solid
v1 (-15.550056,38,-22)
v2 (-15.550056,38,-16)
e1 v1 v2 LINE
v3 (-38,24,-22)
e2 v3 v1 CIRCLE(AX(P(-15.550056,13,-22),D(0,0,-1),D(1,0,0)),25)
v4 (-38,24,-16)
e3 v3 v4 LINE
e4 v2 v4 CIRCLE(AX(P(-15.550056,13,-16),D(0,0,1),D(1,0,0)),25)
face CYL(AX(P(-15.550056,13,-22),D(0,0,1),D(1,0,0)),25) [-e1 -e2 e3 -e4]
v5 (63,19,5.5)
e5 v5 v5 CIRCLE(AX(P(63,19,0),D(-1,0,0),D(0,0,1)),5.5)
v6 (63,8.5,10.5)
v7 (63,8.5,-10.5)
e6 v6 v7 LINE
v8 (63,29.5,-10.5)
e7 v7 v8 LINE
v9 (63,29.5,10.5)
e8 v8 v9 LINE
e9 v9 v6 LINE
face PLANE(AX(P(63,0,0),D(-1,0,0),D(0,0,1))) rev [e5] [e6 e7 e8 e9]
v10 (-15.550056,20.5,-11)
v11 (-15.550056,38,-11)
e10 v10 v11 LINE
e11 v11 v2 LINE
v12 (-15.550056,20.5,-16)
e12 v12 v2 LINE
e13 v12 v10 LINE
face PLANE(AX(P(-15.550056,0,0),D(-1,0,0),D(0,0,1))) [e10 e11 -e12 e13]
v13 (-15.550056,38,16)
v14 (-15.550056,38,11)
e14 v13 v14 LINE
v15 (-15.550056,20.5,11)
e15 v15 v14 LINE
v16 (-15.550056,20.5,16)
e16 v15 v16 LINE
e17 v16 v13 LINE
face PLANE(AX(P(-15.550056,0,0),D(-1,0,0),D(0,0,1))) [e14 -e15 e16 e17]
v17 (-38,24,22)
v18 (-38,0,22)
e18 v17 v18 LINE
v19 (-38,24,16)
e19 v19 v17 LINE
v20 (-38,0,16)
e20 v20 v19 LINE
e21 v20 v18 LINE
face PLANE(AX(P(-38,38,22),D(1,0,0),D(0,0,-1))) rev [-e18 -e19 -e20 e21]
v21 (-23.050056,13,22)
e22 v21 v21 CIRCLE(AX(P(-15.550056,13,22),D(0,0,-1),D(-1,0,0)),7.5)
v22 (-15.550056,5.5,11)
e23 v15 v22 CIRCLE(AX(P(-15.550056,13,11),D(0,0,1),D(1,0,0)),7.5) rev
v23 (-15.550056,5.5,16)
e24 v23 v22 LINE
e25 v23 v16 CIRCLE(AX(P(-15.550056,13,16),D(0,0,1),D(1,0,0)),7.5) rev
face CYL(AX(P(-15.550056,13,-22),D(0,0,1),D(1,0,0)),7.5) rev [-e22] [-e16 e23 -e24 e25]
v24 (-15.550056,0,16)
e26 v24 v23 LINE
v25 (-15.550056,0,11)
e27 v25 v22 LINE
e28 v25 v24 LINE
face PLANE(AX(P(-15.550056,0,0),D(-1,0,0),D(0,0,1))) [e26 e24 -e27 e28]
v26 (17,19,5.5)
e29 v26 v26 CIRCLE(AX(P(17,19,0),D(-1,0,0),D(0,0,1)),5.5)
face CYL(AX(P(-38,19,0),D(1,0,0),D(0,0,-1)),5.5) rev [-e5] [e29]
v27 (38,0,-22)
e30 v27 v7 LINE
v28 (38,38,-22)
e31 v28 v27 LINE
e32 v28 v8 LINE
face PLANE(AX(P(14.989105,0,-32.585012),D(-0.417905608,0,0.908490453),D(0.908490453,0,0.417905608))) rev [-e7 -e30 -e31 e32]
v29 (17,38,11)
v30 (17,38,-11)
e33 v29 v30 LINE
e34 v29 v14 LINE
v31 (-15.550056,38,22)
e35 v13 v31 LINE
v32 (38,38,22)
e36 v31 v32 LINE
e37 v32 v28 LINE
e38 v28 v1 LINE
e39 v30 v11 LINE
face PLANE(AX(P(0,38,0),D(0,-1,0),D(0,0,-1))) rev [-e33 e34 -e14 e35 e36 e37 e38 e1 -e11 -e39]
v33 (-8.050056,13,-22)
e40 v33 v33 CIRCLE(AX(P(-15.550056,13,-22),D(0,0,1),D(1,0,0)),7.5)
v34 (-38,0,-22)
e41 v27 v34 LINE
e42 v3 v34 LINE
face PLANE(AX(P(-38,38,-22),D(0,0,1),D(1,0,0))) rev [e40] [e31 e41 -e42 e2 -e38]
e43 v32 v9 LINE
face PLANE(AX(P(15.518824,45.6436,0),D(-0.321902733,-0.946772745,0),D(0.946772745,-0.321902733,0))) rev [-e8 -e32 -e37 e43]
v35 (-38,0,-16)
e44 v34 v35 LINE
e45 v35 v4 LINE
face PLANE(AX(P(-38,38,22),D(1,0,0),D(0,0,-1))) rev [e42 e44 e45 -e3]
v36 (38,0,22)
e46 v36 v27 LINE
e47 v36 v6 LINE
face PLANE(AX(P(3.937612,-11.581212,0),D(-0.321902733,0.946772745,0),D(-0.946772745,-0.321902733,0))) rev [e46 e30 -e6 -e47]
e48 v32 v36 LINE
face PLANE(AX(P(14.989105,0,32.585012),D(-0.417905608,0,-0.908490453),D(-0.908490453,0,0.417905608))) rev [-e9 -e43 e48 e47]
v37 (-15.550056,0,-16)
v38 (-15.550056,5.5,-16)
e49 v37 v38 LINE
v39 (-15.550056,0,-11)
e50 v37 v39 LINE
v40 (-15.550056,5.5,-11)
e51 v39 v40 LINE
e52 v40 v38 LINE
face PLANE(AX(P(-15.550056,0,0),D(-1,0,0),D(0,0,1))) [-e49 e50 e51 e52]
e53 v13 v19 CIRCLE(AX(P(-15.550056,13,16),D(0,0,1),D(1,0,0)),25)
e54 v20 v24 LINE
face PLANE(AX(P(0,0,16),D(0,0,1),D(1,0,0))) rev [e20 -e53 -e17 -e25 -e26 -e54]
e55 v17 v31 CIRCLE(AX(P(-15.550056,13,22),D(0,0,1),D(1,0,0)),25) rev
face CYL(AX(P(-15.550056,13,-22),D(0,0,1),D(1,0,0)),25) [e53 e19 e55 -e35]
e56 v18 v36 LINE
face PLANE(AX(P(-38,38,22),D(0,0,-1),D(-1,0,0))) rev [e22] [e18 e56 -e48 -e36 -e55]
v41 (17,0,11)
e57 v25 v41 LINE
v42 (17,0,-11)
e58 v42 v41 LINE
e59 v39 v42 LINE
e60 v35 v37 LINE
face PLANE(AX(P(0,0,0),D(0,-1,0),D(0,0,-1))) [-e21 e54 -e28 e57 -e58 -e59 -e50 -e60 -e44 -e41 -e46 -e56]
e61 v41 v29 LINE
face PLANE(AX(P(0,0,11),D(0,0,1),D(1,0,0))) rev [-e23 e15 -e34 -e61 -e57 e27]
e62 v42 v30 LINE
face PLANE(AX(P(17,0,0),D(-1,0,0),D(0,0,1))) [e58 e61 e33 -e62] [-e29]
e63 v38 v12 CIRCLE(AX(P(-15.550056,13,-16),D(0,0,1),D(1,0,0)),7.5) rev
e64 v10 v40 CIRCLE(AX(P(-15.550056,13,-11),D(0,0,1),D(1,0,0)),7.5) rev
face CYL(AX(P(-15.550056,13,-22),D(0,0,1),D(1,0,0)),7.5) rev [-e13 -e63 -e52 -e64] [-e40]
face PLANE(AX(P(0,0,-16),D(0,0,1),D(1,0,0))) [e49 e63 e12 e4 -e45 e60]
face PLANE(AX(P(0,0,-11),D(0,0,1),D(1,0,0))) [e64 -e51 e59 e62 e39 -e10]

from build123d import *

# Parameters (mm, degrees)
SKETCH1_W               = 76
SKETCH1_H               = 44
BOSS_EXTRUDE1_DEPTH     = 38
SKETCH2_R               = 7.5
CUT_EXTRUDE1_DEPTH      = 1
CUT_EXTRUDE1_DEPTH_BACK = 45
SKETCH3_W               = 22.449944321
SKETCH3_H               = 32
SKETCH3_W_2             = 32.550055679
SKETCH3_H_2             = 22
CUT_EXTRUDE2_DEPTH      = 1
CUT_EXTRUDE2_DEPTH_BACK = 39
SKETCH5_W               = 44
SKETCH5_H               = 38
SKETCH4_W               = 21
SKETCH4_H               = 21
SKETCH6_R               = 5.5
CUT_EXTRUDE3_DEPTH      = 1.0000001
CUT_EXTRUDE3_DEPTH_BACK = 102


with BuildPart() as part:
    # Sketch1 → Boss-Extrude1 (new body)
    with BuildSketch(Plane(origin=(0, 0, 0), x_dir=(1, 0, 0), z_dir=(0, 1, 0))):
        Rectangle(SKETCH1_W, SKETCH1_H)
    extrude(amount=BOSS_EXTRUDE1_DEPTH)

    # Sketch2 → Cut-Extrude1 (cut, two sides)
    with BuildSketch(Plane.XY.offset(22)) as cut_extrude1_sk:
        with Locations((-15.550055679, 13)):
            Circle(SKETCH2_R)
        with BuildLine():
            Line((-15.550055679, 38), (-38, 38))
            Line((-38, 38), (-38, 24))
            ThreePointArc((-38, 24), (-28.778812235, 34.213203436), (-15.550055679, 38))
        make_face()
    extrude(amount=CUT_EXTRUDE1_DEPTH, mode=Mode.SUBTRACT)
    extrude(cut_extrude1_sk.sketch, amount=-CUT_EXTRUDE1_DEPTH_BACK, mode=Mode.SUBTRACT)

    # Sketch3 → Cut-Extrude2 (cut, two sides)
    with BuildSketch(Plane(origin=(0, 38, 0), x_dir=(1, 0, 0), z_dir=(0, 1, 0))) as cut_extrude2_sk:
        with Locations((-26.77502784, 0)):
            Rectangle(SKETCH3_W, SKETCH3_H)
        with Locations((0.72497216, 0)):
            Rectangle(SKETCH3_W_2, SKETCH3_H_2)
    extrude(amount=CUT_EXTRUDE2_DEPTH, mode=Mode.SUBTRACT)
    extrude(cut_extrude2_sk.sketch, amount=-CUT_EXTRUDE2_DEPTH_BACK, mode=Mode.SUBTRACT)

    # Sketch5 → Loft1 section 0
    with BuildSketch(Plane(origin=(38, 0, 0), x_dir=(0, 0, -1), z_dir=(1, 0, 0))):
        with Locations((0, 19)):
            Rectangle(SKETCH5_W, SKETCH5_H)
    # Sketch4 → Loft1 section 1
    with BuildSketch(Plane(origin=(63, 0, 0), x_dir=(0, 0, -1), z_dir=(1, 0, 0))):
        with Locations((0, 19)):
            Rectangle(SKETCH4_W, SKETCH4_H)
    loft()

    # Sketch6 → Cut-Extrude3 (cut, two sides)
    with BuildSketch(Plane(origin=(63, 0, 0), x_dir=(0, 0, -1), z_dir=(1, 0, 0))) as cut_extrude3_sk:
        with Locations((0, 19)):
            Circle(SKETCH6_R)
    extrude(amount=CUT_EXTRUDE3_DEPTH, mode=Mode.SUBTRACT)
    extrude(cut_extrude3_sk.sketch, amount=-CUT_EXTRUDE3_DEPTH_BACK, mode=Mode.SUBTRACT)


solid = part.part
